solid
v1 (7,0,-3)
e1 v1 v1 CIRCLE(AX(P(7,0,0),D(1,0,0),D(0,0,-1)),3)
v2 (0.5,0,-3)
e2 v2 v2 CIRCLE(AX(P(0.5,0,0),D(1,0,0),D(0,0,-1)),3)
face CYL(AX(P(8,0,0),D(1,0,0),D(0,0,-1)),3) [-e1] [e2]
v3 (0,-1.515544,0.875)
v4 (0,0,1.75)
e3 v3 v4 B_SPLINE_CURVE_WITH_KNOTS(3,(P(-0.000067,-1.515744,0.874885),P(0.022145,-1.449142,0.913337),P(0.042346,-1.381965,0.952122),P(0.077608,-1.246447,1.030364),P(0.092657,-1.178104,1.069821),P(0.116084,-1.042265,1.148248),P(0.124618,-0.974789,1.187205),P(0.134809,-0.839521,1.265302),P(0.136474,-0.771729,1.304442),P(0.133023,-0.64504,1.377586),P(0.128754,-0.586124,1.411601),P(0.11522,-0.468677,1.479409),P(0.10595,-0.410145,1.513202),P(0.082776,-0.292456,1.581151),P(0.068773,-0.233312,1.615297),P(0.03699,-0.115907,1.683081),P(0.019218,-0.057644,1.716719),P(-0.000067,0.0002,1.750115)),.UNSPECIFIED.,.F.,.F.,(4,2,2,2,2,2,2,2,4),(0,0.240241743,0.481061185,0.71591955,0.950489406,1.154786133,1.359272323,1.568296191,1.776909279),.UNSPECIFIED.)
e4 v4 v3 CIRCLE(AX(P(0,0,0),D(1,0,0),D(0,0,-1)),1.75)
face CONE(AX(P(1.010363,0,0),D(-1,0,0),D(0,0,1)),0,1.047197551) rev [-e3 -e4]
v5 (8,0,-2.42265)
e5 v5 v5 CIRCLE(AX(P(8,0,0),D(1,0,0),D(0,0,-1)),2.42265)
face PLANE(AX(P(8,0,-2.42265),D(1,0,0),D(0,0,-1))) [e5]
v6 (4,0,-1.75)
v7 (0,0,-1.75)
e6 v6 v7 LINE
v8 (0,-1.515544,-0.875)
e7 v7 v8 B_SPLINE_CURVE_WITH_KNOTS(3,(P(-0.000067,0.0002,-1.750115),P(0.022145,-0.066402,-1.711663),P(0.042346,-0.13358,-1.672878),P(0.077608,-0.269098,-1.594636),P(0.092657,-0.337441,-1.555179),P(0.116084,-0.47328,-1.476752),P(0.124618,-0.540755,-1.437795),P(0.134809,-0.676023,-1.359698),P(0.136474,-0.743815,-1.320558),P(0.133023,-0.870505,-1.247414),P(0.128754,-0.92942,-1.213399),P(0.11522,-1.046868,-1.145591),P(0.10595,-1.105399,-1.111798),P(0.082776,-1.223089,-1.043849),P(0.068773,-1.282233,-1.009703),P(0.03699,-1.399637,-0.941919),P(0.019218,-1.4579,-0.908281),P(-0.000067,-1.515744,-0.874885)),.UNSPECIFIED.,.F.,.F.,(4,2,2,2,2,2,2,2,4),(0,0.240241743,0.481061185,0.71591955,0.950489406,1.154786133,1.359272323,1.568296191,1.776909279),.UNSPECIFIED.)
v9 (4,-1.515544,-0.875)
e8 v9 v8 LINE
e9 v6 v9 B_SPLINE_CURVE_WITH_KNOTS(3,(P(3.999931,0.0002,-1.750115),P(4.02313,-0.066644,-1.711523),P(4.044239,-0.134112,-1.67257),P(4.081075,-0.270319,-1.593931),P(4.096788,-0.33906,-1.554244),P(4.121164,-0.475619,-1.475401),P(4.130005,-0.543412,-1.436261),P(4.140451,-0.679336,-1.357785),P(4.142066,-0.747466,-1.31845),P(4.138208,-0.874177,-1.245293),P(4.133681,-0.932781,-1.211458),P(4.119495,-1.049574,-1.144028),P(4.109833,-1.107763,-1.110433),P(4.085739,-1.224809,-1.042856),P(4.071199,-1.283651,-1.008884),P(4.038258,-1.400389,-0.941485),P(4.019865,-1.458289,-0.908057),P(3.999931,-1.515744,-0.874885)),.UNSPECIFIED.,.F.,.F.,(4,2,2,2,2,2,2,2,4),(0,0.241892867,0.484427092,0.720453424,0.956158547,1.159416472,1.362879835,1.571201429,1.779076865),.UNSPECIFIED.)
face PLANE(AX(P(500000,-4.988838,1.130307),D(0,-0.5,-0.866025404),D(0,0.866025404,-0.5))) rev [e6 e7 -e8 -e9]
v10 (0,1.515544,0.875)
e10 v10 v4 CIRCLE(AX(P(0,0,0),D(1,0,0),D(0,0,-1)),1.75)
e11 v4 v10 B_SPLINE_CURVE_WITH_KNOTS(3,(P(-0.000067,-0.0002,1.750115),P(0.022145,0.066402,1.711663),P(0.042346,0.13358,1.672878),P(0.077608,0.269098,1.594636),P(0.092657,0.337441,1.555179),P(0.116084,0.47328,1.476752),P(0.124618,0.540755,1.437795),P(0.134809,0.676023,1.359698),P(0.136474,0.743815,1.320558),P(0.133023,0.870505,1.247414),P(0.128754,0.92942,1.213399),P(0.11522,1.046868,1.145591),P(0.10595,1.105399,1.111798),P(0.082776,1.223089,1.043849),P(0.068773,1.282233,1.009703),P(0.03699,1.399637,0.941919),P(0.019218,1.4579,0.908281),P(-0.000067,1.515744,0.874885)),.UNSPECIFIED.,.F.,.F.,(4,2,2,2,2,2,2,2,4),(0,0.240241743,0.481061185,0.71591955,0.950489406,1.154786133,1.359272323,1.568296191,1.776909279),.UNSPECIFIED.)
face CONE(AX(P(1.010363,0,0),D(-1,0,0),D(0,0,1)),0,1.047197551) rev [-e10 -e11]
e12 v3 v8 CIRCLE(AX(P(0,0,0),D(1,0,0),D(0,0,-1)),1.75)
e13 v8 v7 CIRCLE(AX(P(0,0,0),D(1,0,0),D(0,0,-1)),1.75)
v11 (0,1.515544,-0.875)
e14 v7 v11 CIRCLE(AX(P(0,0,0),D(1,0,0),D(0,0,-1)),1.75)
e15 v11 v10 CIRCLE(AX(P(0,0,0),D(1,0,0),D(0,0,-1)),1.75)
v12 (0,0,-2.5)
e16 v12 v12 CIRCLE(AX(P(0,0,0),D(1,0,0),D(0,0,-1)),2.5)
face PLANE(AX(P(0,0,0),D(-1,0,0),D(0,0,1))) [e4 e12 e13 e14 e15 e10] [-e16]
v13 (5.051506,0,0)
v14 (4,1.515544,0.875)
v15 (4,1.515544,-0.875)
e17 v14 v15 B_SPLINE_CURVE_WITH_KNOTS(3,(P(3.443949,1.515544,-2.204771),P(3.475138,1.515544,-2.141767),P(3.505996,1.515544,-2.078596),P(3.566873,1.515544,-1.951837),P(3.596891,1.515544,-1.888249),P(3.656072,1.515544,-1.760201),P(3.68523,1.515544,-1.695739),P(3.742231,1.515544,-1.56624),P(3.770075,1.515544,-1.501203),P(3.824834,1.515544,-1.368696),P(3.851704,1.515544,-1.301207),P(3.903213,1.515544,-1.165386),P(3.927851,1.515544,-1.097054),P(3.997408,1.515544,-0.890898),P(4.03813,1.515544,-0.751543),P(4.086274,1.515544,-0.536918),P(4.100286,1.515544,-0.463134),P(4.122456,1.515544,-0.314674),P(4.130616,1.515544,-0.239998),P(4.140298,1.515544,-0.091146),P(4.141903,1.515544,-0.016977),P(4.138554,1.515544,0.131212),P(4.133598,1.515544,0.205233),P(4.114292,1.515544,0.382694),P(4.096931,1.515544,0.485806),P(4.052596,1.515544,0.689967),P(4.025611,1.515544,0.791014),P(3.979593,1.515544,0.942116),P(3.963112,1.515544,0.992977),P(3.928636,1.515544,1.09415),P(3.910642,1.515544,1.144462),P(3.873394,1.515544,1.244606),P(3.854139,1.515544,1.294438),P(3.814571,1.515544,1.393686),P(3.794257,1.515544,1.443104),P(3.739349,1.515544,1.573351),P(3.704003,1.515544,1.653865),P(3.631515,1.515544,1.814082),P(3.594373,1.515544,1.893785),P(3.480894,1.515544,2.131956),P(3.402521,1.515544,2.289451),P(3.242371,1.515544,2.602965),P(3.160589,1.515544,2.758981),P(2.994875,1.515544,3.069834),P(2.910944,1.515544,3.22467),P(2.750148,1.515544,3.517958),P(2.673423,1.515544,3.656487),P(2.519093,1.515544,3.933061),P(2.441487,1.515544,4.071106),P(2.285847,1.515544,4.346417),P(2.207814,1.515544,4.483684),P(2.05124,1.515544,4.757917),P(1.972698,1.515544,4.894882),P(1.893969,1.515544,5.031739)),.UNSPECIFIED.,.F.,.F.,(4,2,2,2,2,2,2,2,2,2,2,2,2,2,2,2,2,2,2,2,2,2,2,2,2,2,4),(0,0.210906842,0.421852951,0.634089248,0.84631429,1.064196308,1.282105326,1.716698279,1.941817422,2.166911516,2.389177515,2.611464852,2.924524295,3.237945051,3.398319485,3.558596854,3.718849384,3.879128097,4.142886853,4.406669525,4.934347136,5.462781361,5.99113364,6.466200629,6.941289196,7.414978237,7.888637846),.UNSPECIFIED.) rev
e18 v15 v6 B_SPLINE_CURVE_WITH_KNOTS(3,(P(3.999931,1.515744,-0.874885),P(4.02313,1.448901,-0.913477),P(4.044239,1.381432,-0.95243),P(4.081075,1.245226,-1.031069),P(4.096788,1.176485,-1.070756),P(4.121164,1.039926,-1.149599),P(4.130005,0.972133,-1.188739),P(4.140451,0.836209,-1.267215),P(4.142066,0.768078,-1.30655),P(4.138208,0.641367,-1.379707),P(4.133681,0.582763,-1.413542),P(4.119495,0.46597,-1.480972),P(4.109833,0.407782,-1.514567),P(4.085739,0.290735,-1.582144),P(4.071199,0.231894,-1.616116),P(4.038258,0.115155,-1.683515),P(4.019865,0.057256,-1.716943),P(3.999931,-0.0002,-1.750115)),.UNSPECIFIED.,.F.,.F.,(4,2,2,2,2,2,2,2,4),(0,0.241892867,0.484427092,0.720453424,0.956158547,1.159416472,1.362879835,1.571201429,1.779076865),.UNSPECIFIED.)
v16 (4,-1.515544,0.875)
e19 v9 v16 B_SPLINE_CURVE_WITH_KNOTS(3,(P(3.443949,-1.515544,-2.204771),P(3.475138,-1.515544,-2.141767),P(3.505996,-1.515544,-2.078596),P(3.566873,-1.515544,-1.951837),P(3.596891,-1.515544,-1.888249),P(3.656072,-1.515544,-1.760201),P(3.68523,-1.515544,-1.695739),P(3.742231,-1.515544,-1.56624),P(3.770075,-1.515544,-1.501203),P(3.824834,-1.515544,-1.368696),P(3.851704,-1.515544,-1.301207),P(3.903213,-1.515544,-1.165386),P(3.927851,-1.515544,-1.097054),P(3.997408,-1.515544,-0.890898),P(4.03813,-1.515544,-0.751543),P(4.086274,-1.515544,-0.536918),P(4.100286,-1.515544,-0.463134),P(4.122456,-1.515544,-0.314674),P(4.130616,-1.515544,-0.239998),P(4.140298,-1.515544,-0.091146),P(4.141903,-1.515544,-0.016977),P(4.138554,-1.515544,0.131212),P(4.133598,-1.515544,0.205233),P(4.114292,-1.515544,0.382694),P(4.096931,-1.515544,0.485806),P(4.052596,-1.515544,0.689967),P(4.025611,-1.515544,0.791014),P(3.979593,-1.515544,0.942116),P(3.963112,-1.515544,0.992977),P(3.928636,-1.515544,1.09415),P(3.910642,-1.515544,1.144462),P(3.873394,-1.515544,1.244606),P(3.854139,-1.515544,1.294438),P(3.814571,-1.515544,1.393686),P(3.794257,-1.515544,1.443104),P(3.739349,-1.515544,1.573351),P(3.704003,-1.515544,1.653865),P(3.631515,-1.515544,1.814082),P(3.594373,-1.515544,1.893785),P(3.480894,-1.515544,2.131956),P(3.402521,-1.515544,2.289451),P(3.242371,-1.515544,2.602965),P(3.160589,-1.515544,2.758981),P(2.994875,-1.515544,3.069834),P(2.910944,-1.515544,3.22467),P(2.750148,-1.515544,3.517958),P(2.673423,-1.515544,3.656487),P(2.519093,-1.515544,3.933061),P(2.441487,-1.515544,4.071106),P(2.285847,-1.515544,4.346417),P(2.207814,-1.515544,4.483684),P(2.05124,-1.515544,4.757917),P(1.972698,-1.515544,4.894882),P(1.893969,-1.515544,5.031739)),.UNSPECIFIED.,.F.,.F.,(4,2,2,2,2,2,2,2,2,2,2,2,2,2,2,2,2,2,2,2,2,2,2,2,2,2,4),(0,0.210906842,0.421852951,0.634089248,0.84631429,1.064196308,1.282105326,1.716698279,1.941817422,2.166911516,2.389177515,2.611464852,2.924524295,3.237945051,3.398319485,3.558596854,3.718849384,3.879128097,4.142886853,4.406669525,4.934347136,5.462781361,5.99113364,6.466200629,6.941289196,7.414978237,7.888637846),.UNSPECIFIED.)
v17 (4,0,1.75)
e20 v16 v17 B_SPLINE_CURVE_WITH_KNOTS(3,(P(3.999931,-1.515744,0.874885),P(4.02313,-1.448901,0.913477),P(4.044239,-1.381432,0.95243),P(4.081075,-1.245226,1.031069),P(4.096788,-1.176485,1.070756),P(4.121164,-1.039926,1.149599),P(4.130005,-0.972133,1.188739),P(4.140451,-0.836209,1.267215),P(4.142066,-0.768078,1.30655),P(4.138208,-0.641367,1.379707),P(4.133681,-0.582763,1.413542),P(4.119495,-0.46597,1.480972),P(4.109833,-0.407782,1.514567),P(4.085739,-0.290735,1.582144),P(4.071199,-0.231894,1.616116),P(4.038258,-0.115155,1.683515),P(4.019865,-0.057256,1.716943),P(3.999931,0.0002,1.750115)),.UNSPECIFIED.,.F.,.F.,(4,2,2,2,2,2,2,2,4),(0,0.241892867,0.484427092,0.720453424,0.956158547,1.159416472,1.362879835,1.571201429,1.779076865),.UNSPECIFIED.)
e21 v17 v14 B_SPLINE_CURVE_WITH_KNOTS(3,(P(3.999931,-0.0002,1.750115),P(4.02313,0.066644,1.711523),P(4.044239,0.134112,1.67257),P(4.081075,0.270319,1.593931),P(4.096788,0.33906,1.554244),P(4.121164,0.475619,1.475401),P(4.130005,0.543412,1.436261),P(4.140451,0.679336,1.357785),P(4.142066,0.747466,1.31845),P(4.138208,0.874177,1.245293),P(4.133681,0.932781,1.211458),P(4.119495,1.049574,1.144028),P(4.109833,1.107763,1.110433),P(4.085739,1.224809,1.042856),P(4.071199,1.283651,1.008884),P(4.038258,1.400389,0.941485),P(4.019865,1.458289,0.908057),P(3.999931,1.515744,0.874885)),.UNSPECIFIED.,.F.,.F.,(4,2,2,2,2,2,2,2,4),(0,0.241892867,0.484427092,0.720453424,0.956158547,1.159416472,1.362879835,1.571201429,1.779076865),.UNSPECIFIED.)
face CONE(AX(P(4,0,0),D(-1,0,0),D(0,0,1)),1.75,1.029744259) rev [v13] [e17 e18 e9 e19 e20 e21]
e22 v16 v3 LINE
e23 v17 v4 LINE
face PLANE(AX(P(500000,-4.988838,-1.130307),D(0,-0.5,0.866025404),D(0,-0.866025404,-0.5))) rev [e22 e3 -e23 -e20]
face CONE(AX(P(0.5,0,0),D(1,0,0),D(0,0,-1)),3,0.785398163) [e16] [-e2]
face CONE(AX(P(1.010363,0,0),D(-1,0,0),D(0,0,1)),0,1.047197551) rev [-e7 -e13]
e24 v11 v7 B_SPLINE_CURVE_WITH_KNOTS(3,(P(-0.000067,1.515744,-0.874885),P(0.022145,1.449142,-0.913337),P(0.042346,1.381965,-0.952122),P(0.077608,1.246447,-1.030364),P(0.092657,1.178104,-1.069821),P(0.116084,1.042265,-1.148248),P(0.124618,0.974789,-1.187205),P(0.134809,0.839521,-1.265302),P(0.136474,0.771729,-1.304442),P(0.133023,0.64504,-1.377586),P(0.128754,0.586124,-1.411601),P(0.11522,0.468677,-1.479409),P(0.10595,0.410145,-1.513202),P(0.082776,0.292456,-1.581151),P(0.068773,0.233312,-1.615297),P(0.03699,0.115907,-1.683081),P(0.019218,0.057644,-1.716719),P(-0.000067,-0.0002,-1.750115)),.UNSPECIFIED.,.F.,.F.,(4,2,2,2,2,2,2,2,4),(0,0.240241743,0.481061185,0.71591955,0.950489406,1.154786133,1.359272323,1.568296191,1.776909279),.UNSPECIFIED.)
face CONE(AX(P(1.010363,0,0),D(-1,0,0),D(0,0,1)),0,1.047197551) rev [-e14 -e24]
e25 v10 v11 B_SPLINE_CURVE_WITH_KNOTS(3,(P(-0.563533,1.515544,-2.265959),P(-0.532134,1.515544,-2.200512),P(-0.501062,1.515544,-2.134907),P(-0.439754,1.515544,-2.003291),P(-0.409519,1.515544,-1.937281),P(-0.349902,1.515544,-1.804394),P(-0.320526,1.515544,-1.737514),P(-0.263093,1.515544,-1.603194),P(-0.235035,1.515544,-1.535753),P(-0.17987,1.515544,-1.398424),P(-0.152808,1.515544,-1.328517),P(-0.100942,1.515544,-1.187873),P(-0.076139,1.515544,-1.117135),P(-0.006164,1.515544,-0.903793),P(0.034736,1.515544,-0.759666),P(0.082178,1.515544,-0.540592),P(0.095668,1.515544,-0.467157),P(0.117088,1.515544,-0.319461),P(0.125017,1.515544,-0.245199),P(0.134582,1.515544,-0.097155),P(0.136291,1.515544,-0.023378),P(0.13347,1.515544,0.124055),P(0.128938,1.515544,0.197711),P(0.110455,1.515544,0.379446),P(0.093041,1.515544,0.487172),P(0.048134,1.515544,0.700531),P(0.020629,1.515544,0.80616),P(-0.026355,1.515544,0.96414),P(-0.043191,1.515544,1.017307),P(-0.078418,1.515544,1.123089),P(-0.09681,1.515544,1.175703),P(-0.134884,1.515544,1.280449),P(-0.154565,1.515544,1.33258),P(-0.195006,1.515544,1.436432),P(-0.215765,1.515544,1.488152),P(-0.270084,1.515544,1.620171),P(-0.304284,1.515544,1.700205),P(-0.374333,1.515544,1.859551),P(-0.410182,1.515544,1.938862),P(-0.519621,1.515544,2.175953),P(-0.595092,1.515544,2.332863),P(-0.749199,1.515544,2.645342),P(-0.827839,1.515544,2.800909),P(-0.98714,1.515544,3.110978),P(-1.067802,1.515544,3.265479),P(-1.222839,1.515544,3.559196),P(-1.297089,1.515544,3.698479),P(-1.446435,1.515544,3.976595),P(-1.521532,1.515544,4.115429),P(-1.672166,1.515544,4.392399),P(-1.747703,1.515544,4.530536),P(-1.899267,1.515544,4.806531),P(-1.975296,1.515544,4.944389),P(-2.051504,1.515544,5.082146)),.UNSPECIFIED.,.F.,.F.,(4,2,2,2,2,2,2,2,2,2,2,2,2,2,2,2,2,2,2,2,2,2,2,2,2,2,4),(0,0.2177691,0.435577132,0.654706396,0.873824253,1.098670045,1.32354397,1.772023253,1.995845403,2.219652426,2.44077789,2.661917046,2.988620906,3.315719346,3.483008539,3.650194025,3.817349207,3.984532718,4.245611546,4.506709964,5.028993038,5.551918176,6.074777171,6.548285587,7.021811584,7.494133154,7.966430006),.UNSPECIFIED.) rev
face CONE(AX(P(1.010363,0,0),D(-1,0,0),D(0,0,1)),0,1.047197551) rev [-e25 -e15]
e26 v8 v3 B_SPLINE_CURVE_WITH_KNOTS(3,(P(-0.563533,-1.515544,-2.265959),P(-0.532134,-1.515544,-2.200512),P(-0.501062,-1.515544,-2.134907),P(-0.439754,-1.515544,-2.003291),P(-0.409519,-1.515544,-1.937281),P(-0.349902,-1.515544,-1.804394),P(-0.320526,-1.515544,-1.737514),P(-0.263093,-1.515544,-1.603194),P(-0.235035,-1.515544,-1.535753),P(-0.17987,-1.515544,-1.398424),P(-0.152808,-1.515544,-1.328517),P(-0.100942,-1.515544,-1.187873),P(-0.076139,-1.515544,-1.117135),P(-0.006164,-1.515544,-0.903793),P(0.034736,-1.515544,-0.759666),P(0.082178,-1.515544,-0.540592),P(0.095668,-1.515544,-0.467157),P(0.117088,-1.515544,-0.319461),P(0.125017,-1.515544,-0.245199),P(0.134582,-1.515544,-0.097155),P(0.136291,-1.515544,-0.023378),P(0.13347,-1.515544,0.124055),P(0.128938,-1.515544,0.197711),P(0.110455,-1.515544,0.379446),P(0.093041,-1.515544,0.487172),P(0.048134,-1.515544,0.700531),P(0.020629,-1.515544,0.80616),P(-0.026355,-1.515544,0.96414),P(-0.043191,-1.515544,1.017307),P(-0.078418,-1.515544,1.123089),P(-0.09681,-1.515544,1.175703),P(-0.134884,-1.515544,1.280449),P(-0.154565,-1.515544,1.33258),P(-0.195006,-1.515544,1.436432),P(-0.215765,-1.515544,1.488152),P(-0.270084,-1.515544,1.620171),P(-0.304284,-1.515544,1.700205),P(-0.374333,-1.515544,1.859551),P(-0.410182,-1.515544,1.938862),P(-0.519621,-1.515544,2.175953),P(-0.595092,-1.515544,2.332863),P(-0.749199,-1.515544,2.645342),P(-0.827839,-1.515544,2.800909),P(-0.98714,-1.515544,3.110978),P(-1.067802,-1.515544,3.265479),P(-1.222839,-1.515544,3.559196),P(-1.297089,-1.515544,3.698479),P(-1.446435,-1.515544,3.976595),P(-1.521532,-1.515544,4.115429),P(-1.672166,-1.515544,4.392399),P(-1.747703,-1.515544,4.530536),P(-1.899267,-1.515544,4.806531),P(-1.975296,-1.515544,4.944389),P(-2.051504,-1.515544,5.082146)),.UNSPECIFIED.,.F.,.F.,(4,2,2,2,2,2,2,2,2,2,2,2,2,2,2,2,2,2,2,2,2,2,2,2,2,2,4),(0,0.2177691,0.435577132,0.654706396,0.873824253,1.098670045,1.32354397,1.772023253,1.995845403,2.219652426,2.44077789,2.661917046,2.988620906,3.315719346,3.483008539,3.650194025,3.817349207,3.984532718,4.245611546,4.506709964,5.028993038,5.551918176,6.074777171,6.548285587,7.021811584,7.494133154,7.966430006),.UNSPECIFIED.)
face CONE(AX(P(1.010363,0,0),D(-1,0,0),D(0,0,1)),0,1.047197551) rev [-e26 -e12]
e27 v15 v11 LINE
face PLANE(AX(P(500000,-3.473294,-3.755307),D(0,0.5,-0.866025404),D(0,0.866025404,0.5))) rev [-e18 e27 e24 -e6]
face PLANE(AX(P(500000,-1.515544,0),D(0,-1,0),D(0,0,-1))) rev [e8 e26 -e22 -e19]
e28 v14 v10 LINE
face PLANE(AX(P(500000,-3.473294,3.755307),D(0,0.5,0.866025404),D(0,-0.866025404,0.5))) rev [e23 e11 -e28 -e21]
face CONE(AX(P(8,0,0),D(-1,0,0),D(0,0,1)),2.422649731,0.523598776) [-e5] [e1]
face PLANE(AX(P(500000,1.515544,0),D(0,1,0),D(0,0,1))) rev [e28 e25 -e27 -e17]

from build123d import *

# Parameters (mm, degrees)
D_RA1_D         = 3.5
D_RA1_DEPTH     = 4
D_RA1_TIP       = 1.051506083
VYSUNOUT1_REACH = 11.055


with BuildPart() as part:
    # Skica1 → Otočit kolem osy1 (revolve)
    with BuildSketch(Plane(origin=(0, 0, 0), x_dir=(1, 0, 0), z_dir=(0, 1, 0))):
        Polygon((0, 0), (0, 2.5), (0.5, 3), (7, 3), (8, 2.422649731), (8, 0), align=None)
    revolve(axis=Axis((8, 0, 0), (-1, 0, 0)))

    # Díra1
    with Locations(Plane.ZY):
        with Locations((0, 0)):
            Hole(D_RA1_D / 2, depth=D_RA1_DEPTH)
            with Locations((0, 0, -(D_RA1_DEPTH + D_RA1_TIP / 2))):  # 118° drill point
                Cone(0, D_RA1_D / 2, D_RA1_TIP, mode=Mode.SUBTRACT)

    # Vysunout1: up to this cone (the profile starts inside it)
    vysunout1_end = Plane(origin=(0, 0, 0), z_dir=(-1, 0, 0)).offset(-5.051505083) * Cone(1.664e-06, 41.629661224, 25.013623013, align=(Align.CENTER, Align.CENTER, Align.MIN), mode=Mode.PRIVATE)
    # Skica4 → Vysunout1 (add, up to the surface)
    with BuildSketch(Plane.ZY, mode=Mode.PRIVATE) as vysunout1_sk1:
        with BuildLine():
            Line((-1.75, 0), (-0.875, 1.515544457))
            ThreePointArc((-0.875, 1.515544457), (-1.515544457, 0.875), (-1.75, 0))
        make_face()
    vysunout1_tool1 = extrude(vysunout1_sk1.sketch, amount=-VYSUNOUT1_REACH, mode=Mode.PRIVATE) & vysunout1_end
    add(vysunout1_tool1.solids().sort_by_distance((0, 0.804943, -1.394203))[0])
    # Skica4 → Vysunout1 (add, up to the surface)
    with BuildSketch(Plane.ZY, mode=Mode.PRIVATE) as vysunout1_sk2:
        with BuildLine():
            ThreePointArc((0.875, 1.515544457), (0, 1.75), (-0.875, 1.515544457))
            Line((-0.875, 1.515544457), (0.875, 1.515544457))
        make_face()
    vysunout1_tool2 = extrude(vysunout1_sk2.sketch, amount=-VYSUNOUT1_REACH, mode=Mode.PRIVATE) & vysunout1_end
    add(vysunout1_tool2.solids().sort_by_distance((0, 1.609887, 0))[0])
    # Skica4 → Vysunout1 (add, up to the surface)
    with BuildSketch(Plane.ZY, mode=Mode.PRIVATE) as vysunout1_sk3:
        with BuildLine():
            ThreePointArc((1.75, 0), (1.515544457, 0.875), (0.875, 1.515544457))
            Line((0.875, 1.515544457), (1.75, 0))
        make_face()
    vysunout1_tool3 = extrude(vysunout1_sk3.sketch, amount=-VYSUNOUT1_REACH, mode=Mode.PRIVATE) & vysunout1_end
    add(vysunout1_tool3.solids().sort_by_distance((0, 0.804943, 1.394203))[0])
    # Skica4 → Vysunout1 (add, up to the surface)
    with BuildSketch(Plane.ZY, mode=Mode.PRIVATE) as vysunout1_sk4:
        with BuildLine():
            ThreePointArc((0.875, -1.515544457), (1.515544457, -0.875), (1.75, 0))
            Line((1.75, 0), (0.875, -1.515544457))
        make_face()
    vysunout1_tool4 = extrude(vysunout1_sk4.sketch, amount=-VYSUNOUT1_REACH, mode=Mode.PRIVATE) & vysunout1_end
    add(vysunout1_tool4.solids().sort_by_distance((0, -0.804943, 1.394203))[0])
    # Skica4 → Vysunout1 (add, up to the surface)
    with BuildSketch(Plane.ZY, mode=Mode.PRIVATE) as vysunout1_sk5:
        with BuildLine():
            Line((0.875, -1.515544457), (-0.875, -1.515544457))
            ThreePointArc((-0.875, -1.515544457), (0, -1.75), (0.875, -1.515544457))
        make_face()
    vysunout1_tool5 = extrude(vysunout1_sk5.sketch, amount=-VYSUNOUT1_REACH, mode=Mode.PRIVATE) & vysunout1_end
    add(vysunout1_tool5.solids().sort_by_distance((0, -1.609887, 0))[0])
    # Skica4 → Vysunout1 (add, up to the surface)
    with BuildSketch(Plane.ZY, mode=Mode.PRIVATE) as vysunout1_sk6:
        with BuildLine():
            Line((-0.875, -1.515544457), (-1.75, 0))
            ThreePointArc((-1.75, 0), (-1.515544457, -0.875), (-0.875, -1.515544457))
        make_face()
    vysunout1_tool6 = extrude(vysunout1_sk6.sketch, amount=-VYSUNOUT1_REACH, mode=Mode.PRIVATE) & vysunout1_end
    add(vysunout1_tool6.solids().sort_by_distance((0, -0.804943, -1.394203))[0])

    # Skica5 → Odebrat otočením1 (revolve, cut)
    with BuildSketch(Plane(origin=(0, 0, 0), x_dir=(1, 0, 0), z_dir=(0, 1, 0))):
        Polygon((0, 1.75), (1.010362971, 0), (0, 0), align=None)
    revolve(axis=Axis((1.010362971, 0, 0), (-1, 0, 0)), mode=Mode.SUBTRACT)


solid = part.part
